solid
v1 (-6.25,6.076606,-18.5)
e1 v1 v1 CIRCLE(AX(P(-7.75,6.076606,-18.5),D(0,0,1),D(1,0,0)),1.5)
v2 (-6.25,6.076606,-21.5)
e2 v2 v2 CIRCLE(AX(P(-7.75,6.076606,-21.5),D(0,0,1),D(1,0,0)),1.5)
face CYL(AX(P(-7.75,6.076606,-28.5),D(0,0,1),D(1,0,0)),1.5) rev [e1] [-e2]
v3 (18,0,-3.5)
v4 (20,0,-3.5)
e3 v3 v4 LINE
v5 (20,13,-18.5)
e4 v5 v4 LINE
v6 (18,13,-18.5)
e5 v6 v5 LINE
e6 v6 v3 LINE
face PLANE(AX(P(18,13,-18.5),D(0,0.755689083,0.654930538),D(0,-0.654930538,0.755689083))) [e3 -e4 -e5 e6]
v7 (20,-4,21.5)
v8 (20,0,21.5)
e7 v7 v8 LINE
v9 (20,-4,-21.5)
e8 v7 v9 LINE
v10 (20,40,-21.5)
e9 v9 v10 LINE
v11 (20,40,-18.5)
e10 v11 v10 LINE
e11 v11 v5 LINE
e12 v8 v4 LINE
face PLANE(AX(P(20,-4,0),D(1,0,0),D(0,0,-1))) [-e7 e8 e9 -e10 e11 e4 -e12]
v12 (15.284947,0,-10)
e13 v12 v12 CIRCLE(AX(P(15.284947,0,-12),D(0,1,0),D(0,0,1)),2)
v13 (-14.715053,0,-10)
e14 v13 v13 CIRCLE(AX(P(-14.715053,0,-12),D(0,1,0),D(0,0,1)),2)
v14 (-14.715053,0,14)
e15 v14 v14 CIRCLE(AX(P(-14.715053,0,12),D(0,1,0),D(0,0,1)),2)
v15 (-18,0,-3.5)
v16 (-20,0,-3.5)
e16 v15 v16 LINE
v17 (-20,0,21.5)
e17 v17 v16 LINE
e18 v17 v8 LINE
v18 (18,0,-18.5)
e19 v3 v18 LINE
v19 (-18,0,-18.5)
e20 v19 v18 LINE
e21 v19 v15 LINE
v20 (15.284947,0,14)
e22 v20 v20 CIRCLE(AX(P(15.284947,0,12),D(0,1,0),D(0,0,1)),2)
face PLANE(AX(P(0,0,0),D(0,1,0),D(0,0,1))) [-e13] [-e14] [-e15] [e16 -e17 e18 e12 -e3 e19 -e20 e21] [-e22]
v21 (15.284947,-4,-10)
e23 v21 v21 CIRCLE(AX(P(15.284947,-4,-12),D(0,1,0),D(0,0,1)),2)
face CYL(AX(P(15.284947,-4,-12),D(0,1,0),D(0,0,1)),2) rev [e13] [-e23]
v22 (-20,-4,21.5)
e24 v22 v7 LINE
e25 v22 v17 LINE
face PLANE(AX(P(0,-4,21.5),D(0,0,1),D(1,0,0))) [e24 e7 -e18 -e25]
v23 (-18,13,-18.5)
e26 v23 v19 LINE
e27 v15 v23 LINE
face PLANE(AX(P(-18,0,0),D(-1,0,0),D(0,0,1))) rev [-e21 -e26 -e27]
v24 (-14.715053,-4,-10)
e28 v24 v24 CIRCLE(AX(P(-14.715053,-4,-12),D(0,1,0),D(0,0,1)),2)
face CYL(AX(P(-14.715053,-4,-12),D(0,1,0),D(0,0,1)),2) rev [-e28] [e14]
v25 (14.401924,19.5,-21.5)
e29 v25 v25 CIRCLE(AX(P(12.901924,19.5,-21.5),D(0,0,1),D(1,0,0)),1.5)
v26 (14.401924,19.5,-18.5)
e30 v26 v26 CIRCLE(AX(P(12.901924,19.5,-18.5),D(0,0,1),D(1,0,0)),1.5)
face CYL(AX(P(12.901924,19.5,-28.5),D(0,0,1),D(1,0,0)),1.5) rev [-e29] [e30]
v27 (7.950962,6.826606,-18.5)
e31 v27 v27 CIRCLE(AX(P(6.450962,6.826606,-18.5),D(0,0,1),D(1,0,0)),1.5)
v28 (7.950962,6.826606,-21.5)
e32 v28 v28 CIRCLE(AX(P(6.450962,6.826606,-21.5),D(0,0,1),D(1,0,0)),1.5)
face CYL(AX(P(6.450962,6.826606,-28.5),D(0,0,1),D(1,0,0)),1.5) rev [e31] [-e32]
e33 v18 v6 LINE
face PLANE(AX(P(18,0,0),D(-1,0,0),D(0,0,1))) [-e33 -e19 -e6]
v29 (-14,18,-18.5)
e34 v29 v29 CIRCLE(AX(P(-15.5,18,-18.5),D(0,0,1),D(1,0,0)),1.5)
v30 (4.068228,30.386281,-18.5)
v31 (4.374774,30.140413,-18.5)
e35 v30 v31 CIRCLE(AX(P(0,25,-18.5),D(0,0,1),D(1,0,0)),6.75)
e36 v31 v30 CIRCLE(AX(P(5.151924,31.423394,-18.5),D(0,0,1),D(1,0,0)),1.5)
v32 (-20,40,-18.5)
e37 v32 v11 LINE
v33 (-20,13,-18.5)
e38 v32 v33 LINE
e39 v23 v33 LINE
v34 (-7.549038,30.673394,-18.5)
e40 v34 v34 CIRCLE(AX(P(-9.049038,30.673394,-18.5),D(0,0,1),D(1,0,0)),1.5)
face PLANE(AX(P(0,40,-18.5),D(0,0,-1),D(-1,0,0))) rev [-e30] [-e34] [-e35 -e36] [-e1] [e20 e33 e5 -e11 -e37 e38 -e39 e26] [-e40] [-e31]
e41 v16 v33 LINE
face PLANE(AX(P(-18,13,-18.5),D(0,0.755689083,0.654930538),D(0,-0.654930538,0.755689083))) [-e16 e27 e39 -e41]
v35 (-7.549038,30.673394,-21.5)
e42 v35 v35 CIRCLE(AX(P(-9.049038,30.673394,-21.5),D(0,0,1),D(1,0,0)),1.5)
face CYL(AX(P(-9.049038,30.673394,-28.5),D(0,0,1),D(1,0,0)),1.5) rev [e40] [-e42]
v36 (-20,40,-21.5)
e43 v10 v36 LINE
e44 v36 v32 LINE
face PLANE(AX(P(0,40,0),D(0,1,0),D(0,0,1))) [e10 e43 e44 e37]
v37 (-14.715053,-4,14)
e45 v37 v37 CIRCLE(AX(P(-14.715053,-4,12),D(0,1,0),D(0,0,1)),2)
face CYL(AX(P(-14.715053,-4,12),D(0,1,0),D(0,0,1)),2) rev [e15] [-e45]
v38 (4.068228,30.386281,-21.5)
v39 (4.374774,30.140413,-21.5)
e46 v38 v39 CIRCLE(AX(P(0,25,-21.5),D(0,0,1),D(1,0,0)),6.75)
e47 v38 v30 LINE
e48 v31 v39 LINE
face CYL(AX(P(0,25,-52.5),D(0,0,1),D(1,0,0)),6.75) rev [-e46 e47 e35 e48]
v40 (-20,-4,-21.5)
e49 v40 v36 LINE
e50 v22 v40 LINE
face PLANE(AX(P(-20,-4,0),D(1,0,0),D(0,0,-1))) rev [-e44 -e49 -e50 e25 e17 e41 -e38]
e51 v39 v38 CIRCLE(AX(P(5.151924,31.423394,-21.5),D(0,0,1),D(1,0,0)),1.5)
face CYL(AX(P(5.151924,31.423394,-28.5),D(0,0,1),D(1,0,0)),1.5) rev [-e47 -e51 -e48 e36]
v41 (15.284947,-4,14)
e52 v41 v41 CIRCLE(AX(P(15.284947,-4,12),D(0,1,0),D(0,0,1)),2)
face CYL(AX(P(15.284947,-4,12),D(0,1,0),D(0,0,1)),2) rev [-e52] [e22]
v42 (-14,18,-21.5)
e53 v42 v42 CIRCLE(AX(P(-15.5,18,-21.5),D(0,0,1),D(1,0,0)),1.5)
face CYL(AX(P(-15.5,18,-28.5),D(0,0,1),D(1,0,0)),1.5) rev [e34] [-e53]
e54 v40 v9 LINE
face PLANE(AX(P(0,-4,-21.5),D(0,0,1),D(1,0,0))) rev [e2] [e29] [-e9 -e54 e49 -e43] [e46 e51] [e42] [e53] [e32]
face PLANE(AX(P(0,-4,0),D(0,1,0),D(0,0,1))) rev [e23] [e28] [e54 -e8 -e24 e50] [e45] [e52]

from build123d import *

# Parameters (mm, degrees)
SKETCH1_W           = 40
SKETCH1_H           = 43
SKETCH1_R           = 2
BOSS_EXTRUDE1_DEPTH = 4
SKETCH4_W           = 40
SKETCH4_H           = 3
BOSS_EXTRUDE2_DEPTH = 40
SKETCH5_R           = 6.75
CUT_EXTRUDE5_DEPTH  = 34
SKETCH8_R           = 1.5
CUT_EXTRUDE6_DEPTH  = 10
BOSS_EXTRUDE3_DEPTH = 2
BOSS_EXTRUDE4_DEPTH = 2


with BuildPart() as part:
    # Sketch1 → Boss-Extrude1 (new body)
    with BuildSketch(Plane(origin=(0, 0, 0), x_dir=(1, 0, 0), z_dir=(0, 1, 0))):
        Rectangle(SKETCH1_W, SKETCH1_H)
        with Locations(Location((-14.715053003, 12, 0), (0, 0, 270))):
            Circle(SKETCH1_R, mode=Mode.SUBTRACT)
        with Locations(Location((15.284946997, 12, 0), (0, 0, 270))):
            Circle(SKETCH1_R, mode=Mode.SUBTRACT)
        with Locations(Location((-14.715053003, -12, 0), (0, 0, 270))):
            Circle(SKETCH1_R, mode=Mode.SUBTRACT)
        with Locations(Location((15.284946997, -12, 0), (0, 0, 270))):
            Circle(SKETCH1_R, mode=Mode.SUBTRACT)
    extrude(amount=-BOSS_EXTRUDE1_DEPTH)

    # Sketch4 → Boss-Extrude2 (add)
    with BuildSketch(Plane(origin=(0, 0, 0), x_dir=(1, 0, 0), z_dir=(0, 1, 0))):
        with Locations((0, 20)):
            Rectangle(SKETCH4_W, SKETCH4_H)
    extrude(amount=BOSS_EXTRUDE2_DEPTH)

    # Sketch5 → Cut-Extrude5 (cut)
    with BuildSketch(Plane.XY.offset(-18.5)):
        with Locations((0, 25)):
            Circle(SKETCH5_R)
    extrude(amount=-CUT_EXTRUDE5_DEPTH, mode=Mode.SUBTRACT)

    # Sketch8 → Cut-Extrude6 (cut)
    with BuildSketch(Plane.XY.offset(-18.5)):
        with Locations((-15.5, 18)):
            Circle(SKETCH8_R)
        with Locations((-9.049038106, 30.673393759)):
            Circle(SKETCH8_R)
        with Locations((5.151923789, 31.423393759)):
            Circle(SKETCH8_R)
        with Locations((12.901923789, 19.5)):
            Circle(SKETCH8_R)
        with Locations((6.450961894, 6.826606241)):
            Circle(SKETCH8_R)
        with Locations((-7.75, 6.076606241)):
            Circle(SKETCH8_R)
    extrude(amount=-CUT_EXTRUDE6_DEPTH, mode=Mode.SUBTRACT)

    # Sketch9 → Boss-Extrude3 (add)
    with BuildSketch(Plane(origin=(20, 0, 0), x_dir=(0, 0, -1), z_dir=(1, 0, 0))):
        Polygon((18.5, 13), (3.5, 0), (18.5, 0), align=None)
    extrude(amount=-BOSS_EXTRUDE3_DEPTH)

    # Sketch10 → Boss-Extrude4 (add)
    with BuildSketch(Plane.ZY.offset(20)):
        Polygon((-18.5, 13), (-3.5, 0), (-18.5, 0), align=None)
    extrude(amount=-BOSS_EXTRUDE4_DEPTH)


solid = part.part
